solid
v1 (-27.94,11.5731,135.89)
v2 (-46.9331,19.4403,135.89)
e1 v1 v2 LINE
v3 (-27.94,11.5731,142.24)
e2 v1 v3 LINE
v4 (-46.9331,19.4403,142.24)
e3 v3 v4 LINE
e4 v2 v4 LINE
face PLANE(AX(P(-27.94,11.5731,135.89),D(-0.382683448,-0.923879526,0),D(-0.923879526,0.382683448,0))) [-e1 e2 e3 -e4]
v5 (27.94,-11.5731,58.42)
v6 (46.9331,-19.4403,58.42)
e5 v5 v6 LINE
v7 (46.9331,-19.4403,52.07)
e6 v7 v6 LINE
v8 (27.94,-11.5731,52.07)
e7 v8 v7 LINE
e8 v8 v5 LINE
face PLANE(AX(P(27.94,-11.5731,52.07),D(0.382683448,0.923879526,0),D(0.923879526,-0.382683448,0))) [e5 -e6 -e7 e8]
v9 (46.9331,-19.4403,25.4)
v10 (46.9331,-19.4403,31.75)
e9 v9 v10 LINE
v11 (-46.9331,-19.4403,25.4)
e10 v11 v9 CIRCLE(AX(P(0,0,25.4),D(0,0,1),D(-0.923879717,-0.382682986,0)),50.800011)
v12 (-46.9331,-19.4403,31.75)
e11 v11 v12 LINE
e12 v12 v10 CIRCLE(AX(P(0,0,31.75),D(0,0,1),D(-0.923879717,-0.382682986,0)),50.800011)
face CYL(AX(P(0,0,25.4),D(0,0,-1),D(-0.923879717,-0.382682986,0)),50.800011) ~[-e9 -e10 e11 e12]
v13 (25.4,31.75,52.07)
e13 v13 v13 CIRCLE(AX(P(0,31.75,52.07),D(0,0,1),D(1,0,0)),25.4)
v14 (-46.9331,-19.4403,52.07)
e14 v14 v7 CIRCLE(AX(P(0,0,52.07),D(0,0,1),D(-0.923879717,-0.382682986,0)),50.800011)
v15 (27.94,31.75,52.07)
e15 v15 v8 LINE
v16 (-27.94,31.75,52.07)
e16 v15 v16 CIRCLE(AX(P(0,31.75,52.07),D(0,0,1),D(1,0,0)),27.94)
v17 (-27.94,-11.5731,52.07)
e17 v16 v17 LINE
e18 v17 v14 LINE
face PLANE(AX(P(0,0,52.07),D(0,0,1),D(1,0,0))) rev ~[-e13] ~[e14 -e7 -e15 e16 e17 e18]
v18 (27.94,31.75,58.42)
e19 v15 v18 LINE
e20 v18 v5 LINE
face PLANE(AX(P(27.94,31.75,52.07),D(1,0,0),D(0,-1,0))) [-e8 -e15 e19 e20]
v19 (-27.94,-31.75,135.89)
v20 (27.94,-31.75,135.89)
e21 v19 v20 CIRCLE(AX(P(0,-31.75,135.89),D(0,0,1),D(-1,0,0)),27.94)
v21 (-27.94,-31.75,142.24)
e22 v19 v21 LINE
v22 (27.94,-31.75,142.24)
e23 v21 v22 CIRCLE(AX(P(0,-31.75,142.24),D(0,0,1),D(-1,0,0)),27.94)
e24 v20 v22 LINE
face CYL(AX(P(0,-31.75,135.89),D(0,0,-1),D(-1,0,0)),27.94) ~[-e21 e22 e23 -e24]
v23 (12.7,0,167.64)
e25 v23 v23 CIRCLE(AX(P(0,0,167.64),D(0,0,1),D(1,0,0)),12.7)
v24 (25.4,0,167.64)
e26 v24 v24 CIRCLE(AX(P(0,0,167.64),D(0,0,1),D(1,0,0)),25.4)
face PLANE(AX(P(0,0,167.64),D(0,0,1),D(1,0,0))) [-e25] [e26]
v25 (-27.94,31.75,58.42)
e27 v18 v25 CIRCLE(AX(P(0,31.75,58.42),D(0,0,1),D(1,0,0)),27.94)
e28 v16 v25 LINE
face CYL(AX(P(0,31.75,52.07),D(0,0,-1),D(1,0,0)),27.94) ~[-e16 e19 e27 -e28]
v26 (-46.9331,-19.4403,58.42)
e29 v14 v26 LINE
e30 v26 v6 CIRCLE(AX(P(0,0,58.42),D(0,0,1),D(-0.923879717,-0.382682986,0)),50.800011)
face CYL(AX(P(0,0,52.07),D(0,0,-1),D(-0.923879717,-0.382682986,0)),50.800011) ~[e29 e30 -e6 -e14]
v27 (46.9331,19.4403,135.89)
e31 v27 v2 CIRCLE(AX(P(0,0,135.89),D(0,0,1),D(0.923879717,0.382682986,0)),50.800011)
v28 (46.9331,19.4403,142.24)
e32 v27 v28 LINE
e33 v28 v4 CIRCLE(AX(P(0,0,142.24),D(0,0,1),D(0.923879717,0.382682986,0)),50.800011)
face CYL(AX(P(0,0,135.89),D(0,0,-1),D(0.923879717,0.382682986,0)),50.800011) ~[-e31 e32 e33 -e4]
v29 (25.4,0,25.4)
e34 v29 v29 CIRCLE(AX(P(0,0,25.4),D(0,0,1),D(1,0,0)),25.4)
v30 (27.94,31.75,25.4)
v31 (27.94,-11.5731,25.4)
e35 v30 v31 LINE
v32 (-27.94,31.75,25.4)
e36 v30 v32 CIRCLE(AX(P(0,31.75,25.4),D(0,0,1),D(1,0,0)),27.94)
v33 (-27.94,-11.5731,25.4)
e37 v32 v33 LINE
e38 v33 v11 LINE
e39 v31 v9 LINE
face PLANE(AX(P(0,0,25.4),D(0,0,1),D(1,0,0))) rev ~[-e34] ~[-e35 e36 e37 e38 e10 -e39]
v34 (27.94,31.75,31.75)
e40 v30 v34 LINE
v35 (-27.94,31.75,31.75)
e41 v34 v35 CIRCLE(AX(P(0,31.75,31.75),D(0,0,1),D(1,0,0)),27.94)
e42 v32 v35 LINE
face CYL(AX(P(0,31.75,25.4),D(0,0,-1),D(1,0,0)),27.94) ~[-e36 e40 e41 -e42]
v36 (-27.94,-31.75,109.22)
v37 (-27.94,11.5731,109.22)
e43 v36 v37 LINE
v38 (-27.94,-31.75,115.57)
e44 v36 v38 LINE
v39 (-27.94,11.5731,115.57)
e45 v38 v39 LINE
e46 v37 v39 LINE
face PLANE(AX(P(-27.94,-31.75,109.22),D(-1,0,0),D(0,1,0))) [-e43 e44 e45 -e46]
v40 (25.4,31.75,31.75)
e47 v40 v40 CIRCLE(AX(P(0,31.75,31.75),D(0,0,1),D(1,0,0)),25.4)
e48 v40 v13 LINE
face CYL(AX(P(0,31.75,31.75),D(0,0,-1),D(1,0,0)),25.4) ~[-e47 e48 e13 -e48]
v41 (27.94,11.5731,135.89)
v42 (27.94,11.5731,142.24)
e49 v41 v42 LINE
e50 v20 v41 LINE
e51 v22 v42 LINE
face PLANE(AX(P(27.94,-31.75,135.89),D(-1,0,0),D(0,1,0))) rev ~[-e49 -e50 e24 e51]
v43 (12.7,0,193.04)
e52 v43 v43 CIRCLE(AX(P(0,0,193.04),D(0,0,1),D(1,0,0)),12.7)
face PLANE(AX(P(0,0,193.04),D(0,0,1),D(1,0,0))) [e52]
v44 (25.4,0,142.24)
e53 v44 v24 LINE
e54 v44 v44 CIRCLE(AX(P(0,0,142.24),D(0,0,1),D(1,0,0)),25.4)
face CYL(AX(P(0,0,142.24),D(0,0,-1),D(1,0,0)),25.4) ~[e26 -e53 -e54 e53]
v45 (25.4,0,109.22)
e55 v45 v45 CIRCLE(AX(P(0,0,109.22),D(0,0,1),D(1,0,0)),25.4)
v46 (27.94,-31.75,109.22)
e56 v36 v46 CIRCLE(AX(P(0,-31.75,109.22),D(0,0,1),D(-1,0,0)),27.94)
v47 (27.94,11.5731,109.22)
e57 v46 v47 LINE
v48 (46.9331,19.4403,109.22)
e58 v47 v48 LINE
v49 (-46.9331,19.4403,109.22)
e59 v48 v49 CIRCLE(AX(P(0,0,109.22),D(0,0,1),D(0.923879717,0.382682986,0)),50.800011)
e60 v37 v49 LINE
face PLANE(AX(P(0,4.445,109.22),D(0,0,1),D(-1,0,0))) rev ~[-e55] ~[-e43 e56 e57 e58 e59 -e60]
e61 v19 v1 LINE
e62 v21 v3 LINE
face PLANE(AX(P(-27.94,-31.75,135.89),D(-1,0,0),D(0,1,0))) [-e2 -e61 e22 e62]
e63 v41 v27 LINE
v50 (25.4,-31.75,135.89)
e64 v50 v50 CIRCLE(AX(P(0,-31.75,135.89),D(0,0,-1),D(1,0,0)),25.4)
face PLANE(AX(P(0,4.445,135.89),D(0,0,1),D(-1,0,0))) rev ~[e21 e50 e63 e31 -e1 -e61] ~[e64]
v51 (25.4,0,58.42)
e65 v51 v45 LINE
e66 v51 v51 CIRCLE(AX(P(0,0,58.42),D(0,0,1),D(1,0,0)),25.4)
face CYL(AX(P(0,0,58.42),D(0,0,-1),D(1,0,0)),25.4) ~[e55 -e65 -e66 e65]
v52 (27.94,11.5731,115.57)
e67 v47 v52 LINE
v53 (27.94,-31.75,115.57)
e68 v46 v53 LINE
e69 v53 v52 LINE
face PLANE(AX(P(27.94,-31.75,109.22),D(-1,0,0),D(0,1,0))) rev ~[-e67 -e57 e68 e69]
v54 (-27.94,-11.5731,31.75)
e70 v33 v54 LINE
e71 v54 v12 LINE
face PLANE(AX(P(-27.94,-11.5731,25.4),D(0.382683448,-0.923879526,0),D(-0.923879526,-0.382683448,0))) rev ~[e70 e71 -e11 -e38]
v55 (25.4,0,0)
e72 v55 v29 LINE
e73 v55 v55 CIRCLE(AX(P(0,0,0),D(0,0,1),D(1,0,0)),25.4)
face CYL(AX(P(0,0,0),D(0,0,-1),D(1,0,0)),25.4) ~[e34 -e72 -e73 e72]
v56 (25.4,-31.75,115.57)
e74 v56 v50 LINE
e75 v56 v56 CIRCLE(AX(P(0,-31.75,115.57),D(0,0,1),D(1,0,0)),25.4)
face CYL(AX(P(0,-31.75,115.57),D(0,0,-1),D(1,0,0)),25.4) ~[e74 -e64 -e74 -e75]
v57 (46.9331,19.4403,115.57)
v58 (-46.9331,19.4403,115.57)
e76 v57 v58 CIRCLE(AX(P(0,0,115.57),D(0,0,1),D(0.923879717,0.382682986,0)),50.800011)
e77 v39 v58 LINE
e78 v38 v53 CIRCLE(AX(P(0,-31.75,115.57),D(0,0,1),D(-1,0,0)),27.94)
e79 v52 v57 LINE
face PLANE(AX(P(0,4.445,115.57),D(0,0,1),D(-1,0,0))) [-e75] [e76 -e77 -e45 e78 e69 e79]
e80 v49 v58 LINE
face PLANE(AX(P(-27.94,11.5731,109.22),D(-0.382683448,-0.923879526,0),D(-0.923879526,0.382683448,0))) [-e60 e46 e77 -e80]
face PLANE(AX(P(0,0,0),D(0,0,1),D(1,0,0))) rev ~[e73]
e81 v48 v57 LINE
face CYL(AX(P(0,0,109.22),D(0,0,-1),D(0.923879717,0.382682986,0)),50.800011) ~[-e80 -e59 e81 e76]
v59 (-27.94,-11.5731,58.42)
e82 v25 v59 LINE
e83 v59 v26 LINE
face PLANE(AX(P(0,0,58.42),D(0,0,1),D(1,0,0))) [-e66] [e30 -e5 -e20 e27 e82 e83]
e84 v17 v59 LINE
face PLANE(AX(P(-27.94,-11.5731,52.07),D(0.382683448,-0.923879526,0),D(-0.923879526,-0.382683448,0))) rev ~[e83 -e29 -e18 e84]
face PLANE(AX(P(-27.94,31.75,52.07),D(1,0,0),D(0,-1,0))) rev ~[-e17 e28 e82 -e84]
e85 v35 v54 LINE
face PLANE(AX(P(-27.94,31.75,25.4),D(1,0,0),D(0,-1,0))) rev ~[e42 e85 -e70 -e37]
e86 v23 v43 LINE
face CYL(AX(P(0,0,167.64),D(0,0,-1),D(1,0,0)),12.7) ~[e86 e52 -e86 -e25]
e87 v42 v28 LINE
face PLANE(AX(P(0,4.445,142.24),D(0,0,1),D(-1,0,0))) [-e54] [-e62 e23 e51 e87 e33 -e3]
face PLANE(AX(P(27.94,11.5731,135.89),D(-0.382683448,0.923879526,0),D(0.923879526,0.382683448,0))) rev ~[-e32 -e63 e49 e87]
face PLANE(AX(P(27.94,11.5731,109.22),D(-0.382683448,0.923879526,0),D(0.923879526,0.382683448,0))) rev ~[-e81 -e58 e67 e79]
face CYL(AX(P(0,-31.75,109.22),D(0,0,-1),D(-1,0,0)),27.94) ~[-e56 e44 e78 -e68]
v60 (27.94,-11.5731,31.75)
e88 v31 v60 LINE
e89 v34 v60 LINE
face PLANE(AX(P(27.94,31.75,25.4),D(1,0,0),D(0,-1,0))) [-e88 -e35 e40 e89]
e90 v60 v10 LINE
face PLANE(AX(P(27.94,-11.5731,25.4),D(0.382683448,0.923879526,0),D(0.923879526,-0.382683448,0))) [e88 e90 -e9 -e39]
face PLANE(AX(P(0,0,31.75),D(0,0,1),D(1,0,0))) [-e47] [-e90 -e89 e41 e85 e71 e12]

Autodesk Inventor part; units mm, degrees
ref_plane "YZ Plane" through (0, 0, 0) normal (1, 0, 0) x (0, 1, 0)
ref_plane "XZ Plane" through (0, 0, 0) normal (0, 1, 0) x (-1, 0, 0)
ref_plane "XY Plane" through (0, 0, 0) normal (0, 0, 1) x (1, 0, 0)
sketch "Sketch1" plane through (0, 0, 0) normal (0, 0, 1) x (1, 0, 0)
  circle A0 centre (0, 0) radius 25.4
  dimension "d0" = 50.8
extrude "Extrusion1" add sketch "Sketch1" along normal blind 25.4
sketch "Sketch2" plane through (0, 0, 25.4) normal (0, 0, 1) x (1, 0, 0)
  arc A0 (27.94, 31.75) -> (-27.94, 31.75) centre (0, 31.75) ccw
  arc A1 (-46.9331, -19.4403) -> (46.9331, -19.4403) centre (0, 0) ccw
  line L0 (-27.94, 31.75) -> (-27.94, -11.5731)
  line L1 (-27.94, -11.5731) -> (-46.9331, -19.4403)
  line L2 (27.94, 31.75) -> (27.94, -11.5731)
  line L3 (27.94, -11.5731) -> (46.9331, -19.4403)
  circle A2 centre (0, 0) radius 25.4 projected
  dimension "d3" = 31.75
  dimension "d4" = 50.8
  dimension "d5" = 27.94
  dimension "d6" = 135
extrude "Extrusion2" add sketch "Sketch2" along normal blind 6.35 contours L2 L3 A1 L1 L0 A0 | A2
sketch "Sketch3" plane through (0, 0, 31.75) normal (0, 0, 1) x (1, 0, 0)
  circle A0 centre (0, 31.75) radius 25.4
  arc A1 (27.94, 31.75) -> (-27.94, 31.75) centre (0, 31.75) ccw projected
  point P0 (0, 0)
  dimension "d9" = 50.8
extrude "Extrusion3" add sketch "Sketch3" along normal blind 20.32
pattern_linear "Rectangular Pattern1" count 2 spacing 26.67 along (0, 0, 1) of "Extrusion2"
sketch "Sketch4" plane through (0, 0, 58.42) normal (0, 0, 1) x (1, 0, 0)
  circle A0 centre (0, 0) radius 25.4
  dimension "d15" = 50.8
extrude "Extrusion4" add sketch "Sketch4" along normal blind 50.8
sketch "Sketch5" plane through (0, 4.445, 109.22) normal (0, 0, 1) x (-1, 0, 0)
  arc A0 (27.94, 36.195) -> (-27.94, 36.195) centre (0, 36.195) ccw
  arc A1 (-46.9331, -14.9953) -> (46.9331, -14.9953) centre (0, 4.445) ccw
  line L0 (-27.94, 36.195) -> (-27.94, -7.1281)
  line L1 (-27.94, -7.1281) -> (-46.9331, -14.9953)
  line L2 (27.94, 36.195) -> (27.94, -7.1281)
  line L3 (27.94, -7.1281) -> (46.9331, -14.9953)
  circle A2 centre (0, 4.445) radius 25.4 projected
  point P0 (0, 4.445)
  dimension "d19" = 50.8
  dimension "d20" = 27.94
  dimension "d18" = 135
  dimension "d25" = 31.75
extrude "Extrusion5" add sketch "Sketch5" along normal blind 6.35 contours L2 L3 A1 L1 L0 A0 | A2
sketch "Sketch6" plane through (0, 4.445, 115.57) normal (0, 0, 1) x (1, 0, 0)
  circle A0 centre (0, -36.195) radius 25.4
  arc A1 (-27.94, -36.195) -> (27.94, -36.195) centre (0, -36.195) ccw projected
  point P0 (0, -4.445)
  dimension "d26" = 50.8
extrude "Extrusion6" add sketch "Sketch6" along normal blind 25.4
pattern_linear "Rectangular Pattern2" count 2 spacing 26.67 along (0, 0, 1) of "Extrusion5"
sketch "Sketch7" plane through (0, 0, 142.24) normal (0, 0, 1) x (1, 0, 0)
  circle A0 centre (0, 0) radius 25.4
  dimension "d32" = 50.8
extrude "Extrusion7" add sketch "Sketch7" along normal blind 25.4
sketch "Sketch8" plane through (0, 0, 167.64) normal (0, 0, 1) x (1, 0, 0)
  circle A0 centre (0, 0) radius 12.7
  dimension "d35" = 25.4
extrude "Extrusion8" add sketch "Sketch8" along normal blind 25.4
properties part number "crankshaft"
